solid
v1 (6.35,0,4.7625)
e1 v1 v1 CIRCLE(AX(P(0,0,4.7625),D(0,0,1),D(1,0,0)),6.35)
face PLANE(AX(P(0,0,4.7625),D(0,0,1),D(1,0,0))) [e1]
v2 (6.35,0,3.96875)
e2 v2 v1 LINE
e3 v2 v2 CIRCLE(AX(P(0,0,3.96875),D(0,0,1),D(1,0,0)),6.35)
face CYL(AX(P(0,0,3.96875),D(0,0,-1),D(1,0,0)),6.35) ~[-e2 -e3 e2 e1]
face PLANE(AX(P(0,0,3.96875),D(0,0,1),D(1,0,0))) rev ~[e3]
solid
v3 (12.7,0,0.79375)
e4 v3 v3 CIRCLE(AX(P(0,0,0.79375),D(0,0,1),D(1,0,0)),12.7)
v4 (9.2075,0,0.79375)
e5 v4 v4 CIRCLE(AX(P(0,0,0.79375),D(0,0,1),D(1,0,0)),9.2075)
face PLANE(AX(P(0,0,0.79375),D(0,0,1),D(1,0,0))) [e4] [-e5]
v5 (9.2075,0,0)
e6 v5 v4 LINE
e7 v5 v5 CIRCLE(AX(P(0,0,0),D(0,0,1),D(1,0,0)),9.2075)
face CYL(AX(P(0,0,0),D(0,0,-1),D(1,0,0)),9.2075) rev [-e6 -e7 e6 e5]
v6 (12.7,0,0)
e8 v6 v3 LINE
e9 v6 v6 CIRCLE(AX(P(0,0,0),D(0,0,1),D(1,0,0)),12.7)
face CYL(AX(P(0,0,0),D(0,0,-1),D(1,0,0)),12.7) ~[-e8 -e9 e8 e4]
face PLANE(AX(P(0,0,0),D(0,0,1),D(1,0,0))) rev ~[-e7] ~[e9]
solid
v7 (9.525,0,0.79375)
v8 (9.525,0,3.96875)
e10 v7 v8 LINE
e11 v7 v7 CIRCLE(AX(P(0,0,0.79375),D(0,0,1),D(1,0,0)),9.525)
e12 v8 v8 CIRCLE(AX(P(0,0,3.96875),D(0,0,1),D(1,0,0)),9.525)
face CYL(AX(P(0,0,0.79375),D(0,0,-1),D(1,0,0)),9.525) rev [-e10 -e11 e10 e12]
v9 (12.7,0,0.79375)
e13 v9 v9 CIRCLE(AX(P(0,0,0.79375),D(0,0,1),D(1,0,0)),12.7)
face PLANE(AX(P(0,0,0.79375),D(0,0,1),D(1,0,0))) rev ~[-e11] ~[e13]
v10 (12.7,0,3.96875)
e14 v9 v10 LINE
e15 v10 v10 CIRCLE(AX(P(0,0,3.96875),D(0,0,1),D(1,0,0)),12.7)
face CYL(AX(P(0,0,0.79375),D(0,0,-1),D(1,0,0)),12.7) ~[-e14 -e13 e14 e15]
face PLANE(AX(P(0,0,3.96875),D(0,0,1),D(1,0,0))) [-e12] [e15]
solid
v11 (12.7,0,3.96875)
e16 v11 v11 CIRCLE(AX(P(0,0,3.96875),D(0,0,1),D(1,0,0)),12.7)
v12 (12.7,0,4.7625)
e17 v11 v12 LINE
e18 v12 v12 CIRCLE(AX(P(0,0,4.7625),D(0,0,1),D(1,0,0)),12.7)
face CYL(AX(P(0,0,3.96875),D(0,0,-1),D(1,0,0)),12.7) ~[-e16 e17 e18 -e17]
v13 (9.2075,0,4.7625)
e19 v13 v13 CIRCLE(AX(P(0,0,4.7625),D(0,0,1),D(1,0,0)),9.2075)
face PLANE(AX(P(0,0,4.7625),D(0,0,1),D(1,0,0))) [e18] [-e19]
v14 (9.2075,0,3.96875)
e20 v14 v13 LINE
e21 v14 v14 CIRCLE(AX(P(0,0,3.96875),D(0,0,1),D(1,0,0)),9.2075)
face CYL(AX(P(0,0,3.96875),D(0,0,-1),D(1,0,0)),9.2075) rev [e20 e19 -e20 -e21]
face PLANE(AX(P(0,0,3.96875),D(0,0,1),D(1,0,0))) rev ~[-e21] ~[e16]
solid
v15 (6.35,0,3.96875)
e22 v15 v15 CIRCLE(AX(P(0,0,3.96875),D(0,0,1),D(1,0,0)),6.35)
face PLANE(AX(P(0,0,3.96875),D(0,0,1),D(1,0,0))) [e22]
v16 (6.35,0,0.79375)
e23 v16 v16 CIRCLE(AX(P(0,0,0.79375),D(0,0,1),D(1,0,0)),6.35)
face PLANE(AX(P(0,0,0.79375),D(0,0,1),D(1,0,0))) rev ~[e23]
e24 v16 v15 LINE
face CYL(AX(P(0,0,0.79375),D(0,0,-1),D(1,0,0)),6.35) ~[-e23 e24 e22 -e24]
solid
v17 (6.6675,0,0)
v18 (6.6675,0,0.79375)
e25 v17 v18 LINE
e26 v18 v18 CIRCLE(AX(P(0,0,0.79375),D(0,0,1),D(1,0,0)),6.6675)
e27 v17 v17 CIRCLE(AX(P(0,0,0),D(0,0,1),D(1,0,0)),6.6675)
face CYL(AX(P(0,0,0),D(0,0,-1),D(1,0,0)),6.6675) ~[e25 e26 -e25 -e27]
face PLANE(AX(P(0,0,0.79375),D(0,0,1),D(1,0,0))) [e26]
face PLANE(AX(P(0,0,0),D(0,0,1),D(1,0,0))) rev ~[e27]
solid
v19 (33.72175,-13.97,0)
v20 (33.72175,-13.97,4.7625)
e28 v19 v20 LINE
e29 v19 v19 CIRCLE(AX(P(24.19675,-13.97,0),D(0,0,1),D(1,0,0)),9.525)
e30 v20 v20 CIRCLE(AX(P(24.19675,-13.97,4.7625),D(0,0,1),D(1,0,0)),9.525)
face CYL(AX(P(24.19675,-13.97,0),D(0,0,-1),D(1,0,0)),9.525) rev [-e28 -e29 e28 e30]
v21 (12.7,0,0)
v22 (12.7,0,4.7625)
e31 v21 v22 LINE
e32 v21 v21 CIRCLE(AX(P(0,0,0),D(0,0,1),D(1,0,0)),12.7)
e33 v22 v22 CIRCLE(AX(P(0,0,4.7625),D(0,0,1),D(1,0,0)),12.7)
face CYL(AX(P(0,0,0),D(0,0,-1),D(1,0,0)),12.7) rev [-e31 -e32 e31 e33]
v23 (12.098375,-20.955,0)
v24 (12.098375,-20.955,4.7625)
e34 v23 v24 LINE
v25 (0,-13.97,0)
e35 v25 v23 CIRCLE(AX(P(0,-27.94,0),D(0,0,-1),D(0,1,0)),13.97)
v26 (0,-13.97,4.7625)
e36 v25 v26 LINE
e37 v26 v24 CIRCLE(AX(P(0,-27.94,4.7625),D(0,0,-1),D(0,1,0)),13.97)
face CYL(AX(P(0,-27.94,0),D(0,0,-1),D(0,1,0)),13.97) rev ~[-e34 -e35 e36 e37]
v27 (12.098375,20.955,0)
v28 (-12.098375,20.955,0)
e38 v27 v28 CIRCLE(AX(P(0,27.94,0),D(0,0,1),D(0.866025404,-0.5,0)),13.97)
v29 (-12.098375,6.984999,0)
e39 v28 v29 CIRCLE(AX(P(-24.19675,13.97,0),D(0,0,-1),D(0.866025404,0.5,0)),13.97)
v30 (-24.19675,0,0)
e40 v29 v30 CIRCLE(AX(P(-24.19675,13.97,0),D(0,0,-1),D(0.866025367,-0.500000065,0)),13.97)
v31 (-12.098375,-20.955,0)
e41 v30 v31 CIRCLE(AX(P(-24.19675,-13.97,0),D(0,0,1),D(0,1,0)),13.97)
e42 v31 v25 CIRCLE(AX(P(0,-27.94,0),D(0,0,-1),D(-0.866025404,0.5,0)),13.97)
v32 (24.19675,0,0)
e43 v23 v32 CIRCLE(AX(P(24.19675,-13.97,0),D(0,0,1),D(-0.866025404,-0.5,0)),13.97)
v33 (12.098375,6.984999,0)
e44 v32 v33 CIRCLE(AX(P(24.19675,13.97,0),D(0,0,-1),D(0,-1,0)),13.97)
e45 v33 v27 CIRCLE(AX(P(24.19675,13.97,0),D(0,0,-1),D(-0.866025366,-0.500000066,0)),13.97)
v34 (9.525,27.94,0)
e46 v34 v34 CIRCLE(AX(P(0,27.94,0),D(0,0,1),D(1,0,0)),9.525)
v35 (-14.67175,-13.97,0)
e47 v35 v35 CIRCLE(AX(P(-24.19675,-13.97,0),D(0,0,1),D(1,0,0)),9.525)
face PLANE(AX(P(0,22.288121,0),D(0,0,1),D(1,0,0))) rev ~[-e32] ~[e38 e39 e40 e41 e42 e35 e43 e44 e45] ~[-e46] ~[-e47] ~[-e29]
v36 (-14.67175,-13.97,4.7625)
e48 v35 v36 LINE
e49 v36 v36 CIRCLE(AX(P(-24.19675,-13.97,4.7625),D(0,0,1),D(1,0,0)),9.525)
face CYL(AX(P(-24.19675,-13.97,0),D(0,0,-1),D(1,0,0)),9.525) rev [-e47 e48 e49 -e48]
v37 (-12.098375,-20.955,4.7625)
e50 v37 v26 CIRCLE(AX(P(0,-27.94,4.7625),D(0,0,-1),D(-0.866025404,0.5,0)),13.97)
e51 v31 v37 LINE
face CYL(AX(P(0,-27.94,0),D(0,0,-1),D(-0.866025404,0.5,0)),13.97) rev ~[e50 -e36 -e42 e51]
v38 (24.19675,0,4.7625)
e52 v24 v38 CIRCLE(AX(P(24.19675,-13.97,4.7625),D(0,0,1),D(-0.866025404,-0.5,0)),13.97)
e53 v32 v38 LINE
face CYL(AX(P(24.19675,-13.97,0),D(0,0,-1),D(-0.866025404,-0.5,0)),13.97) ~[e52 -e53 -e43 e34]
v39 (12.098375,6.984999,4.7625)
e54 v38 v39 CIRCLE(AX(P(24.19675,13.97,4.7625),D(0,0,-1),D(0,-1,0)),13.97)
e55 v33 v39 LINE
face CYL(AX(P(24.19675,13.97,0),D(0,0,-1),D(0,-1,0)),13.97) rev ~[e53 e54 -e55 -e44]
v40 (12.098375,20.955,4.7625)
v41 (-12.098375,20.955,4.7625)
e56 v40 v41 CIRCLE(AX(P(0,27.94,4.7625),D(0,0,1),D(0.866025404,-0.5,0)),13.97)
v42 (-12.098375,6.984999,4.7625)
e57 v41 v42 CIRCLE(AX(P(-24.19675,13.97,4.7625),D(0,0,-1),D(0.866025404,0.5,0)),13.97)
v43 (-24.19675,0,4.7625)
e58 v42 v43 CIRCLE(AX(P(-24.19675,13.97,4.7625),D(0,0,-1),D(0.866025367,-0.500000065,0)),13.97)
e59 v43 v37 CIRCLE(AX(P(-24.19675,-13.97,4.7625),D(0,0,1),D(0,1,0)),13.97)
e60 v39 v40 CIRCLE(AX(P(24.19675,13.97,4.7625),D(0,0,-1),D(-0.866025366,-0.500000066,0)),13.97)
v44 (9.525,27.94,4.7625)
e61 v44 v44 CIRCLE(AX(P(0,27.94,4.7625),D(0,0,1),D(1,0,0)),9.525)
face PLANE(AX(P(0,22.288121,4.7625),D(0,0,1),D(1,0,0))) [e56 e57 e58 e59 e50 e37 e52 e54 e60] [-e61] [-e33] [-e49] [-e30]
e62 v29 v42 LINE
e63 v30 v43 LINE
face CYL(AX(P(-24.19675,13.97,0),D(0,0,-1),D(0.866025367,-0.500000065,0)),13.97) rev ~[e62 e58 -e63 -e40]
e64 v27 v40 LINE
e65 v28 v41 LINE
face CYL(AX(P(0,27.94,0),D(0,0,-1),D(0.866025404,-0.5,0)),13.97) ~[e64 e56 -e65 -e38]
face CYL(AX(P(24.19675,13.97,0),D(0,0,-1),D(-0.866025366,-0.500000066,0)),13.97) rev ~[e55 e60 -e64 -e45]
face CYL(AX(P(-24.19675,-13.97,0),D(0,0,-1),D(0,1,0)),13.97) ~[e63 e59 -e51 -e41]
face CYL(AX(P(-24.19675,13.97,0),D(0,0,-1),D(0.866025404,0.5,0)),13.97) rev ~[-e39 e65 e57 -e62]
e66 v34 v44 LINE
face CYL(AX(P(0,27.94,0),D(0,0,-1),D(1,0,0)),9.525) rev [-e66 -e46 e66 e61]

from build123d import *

# Parameters (mm, degrees)
F0_R     = 12.7
F0_R_2   = 9.2075
F1_DEPTH = 0.79375
F0_R_3   = 6.6675
F2_R     = 6.35
F3_DEPTH = 3.175
F2_R_2   = 12.7
F2_R_3   = 9.525
F4_R     = 6.35
F5_DEPTH = 0.79375
F4_R_2   = 12.7
F4_R_3   = 9.2075
F6_R     = 9.525
F6_R_2   = 12.7
F7_DEPTH = 4.7625


with BuildPart() as f1:
    # F0 (on Top) → F1 (new body)
    with BuildSketch(Plane.XY):
        Circle(F0_R)
        Circle(F0_R_2, mode=Mode.SUBTRACT)
    extrude(amount=F1_DEPTH)


with BuildPart() as f1b:
    # F0 (on Top) → F1, piece 2 (new body)
    with BuildSketch(Plane.XY):
        Circle(F0_R_3)
    extrude(amount=F1_DEPTH)


with BuildPart() as f3:
    # F2 (on face) → F3 (new body)
    with BuildSketch(Plane.XY.offset(0.79375)):
        Circle(F2_R)
    extrude(amount=F3_DEPTH)


with BuildPart() as f3b:
    # F2 (on face) → F3, piece 2 (new body)
    with BuildSketch(Plane.XY.offset(0.79375)):
        Circle(F2_R_2)
        Circle(F2_R_3, mode=Mode.SUBTRACT)
    extrude(amount=F3_DEPTH)


with BuildPart() as f5:
    # F4 (on face) → F5 (new body)
    with BuildSketch(Plane.XY.offset(3.96875)):
        Circle(F4_R)
    extrude(amount=F5_DEPTH)


with BuildPart() as f5b:
    # F4 (on face) → F5, piece 2 (new body)
    with BuildSketch(Plane.XY.offset(3.96875)):
        Circle(F4_R_2)
        Circle(F4_R_3, mode=Mode.SUBTRACT)
    extrude(amount=F5_DEPTH)


with BuildPart() as f7:
    # F6 (on Top) → F7 (new body)
    with BuildSketch(Plane.XY):
        with BuildLine():
            ThreePointArc((-12.0983754113, 6.9849990986), (1.12e-08, 13.97), (12.0983754224, 6.9849990793))
            ThreePointArc((12.0983754224, 6.9849990793), (10.2267497817, 13.9699994684), (12.0983748909, 20.955))
            ThreePointArc((12.0983748909, 20.955), (0, 41.91), (-12.0983748909, 20.955))
            ThreePointArc((-12.0983748909, 20.955), (-10.2267497817, 13.9699994796), (-12.0983754113, 6.9849990986))
        make_face()
        with Locations((0, 27.94)):
            Circle(F6_R, mode=Mode.SUBTRACT)
        with BuildLine():
            ThreePointArc((-12.0983748909, -20.955), (-6.9849999981, -15.841625108), (4.5e-09, -13.97))
            ThreePointArc((4.5e-09, -13.97), (-12.0983746295, -6.9850004526), (-12.0983754113, 6.9849990986))
            ThreePointArc((-12.0983754113, 6.9849990986), (-17.2117502324, 1.8716248489), (-24.1967497817, 0))
            ThreePointArc((-24.1967497817, 0), (-36.2951246726, -20.955), (-12.0983748909, -20.955))
        make_face()
        with Locations((-24.1967497817, -13.97)):
            Circle(F6_R, mode=Mode.SUBTRACT)
        with BuildLine():
            ThreePointArc((12.0983754224, 6.9849990793), (13.4939839308, 3.6157015466), (13.97, 0))
            ThreePointArc((13.97, 0), (9.8782817348, -9.8782817316), (4.5e-09, -13.97))
            ThreePointArc((4.5e-09, -13.97), (6.9850000019, -15.8416251103), (12.0983748909, -20.955))
            ThreePointArc((12.0983748909, -20.955), (36.2951246726, -20.955), (24.1967497817, 0))
            ThreePointArc((24.1967497817, 0), (17.2117502421, 1.8716248433), (12.0983754224, 6.9849990793))
        make_face()
        with Locations((24.1967497817, -13.97)):
            Circle(F6_R, mode=Mode.SUBTRACT)
        with BuildLine():
            ThreePointArc((4.5e-09, -13.97), (9.8782817348, -9.8782817316), (13.97, 0))
            ThreePointArc((13.97, 0), (13.4939839308, 3.6157015466), (12.0983754224, 6.9849990793))
            ThreePointArc((12.0983754224, 6.9849990793), (1.12e-08, 13.97), (-12.0983754113, 6.9849990986))
            ThreePointArc((-12.0983754113, 6.9849990986), (-12.0983746295, -6.9850004526), (4.5e-09, -13.97))
        make_face()
        Circle(F6_R_2, mode=Mode.SUBTRACT)
    extrude(amount=F7_DEPTH)


solid = Compound([f1.part, f1b.part, f3.part, f3b.part, f5.part, f5b.part, f7.part])
